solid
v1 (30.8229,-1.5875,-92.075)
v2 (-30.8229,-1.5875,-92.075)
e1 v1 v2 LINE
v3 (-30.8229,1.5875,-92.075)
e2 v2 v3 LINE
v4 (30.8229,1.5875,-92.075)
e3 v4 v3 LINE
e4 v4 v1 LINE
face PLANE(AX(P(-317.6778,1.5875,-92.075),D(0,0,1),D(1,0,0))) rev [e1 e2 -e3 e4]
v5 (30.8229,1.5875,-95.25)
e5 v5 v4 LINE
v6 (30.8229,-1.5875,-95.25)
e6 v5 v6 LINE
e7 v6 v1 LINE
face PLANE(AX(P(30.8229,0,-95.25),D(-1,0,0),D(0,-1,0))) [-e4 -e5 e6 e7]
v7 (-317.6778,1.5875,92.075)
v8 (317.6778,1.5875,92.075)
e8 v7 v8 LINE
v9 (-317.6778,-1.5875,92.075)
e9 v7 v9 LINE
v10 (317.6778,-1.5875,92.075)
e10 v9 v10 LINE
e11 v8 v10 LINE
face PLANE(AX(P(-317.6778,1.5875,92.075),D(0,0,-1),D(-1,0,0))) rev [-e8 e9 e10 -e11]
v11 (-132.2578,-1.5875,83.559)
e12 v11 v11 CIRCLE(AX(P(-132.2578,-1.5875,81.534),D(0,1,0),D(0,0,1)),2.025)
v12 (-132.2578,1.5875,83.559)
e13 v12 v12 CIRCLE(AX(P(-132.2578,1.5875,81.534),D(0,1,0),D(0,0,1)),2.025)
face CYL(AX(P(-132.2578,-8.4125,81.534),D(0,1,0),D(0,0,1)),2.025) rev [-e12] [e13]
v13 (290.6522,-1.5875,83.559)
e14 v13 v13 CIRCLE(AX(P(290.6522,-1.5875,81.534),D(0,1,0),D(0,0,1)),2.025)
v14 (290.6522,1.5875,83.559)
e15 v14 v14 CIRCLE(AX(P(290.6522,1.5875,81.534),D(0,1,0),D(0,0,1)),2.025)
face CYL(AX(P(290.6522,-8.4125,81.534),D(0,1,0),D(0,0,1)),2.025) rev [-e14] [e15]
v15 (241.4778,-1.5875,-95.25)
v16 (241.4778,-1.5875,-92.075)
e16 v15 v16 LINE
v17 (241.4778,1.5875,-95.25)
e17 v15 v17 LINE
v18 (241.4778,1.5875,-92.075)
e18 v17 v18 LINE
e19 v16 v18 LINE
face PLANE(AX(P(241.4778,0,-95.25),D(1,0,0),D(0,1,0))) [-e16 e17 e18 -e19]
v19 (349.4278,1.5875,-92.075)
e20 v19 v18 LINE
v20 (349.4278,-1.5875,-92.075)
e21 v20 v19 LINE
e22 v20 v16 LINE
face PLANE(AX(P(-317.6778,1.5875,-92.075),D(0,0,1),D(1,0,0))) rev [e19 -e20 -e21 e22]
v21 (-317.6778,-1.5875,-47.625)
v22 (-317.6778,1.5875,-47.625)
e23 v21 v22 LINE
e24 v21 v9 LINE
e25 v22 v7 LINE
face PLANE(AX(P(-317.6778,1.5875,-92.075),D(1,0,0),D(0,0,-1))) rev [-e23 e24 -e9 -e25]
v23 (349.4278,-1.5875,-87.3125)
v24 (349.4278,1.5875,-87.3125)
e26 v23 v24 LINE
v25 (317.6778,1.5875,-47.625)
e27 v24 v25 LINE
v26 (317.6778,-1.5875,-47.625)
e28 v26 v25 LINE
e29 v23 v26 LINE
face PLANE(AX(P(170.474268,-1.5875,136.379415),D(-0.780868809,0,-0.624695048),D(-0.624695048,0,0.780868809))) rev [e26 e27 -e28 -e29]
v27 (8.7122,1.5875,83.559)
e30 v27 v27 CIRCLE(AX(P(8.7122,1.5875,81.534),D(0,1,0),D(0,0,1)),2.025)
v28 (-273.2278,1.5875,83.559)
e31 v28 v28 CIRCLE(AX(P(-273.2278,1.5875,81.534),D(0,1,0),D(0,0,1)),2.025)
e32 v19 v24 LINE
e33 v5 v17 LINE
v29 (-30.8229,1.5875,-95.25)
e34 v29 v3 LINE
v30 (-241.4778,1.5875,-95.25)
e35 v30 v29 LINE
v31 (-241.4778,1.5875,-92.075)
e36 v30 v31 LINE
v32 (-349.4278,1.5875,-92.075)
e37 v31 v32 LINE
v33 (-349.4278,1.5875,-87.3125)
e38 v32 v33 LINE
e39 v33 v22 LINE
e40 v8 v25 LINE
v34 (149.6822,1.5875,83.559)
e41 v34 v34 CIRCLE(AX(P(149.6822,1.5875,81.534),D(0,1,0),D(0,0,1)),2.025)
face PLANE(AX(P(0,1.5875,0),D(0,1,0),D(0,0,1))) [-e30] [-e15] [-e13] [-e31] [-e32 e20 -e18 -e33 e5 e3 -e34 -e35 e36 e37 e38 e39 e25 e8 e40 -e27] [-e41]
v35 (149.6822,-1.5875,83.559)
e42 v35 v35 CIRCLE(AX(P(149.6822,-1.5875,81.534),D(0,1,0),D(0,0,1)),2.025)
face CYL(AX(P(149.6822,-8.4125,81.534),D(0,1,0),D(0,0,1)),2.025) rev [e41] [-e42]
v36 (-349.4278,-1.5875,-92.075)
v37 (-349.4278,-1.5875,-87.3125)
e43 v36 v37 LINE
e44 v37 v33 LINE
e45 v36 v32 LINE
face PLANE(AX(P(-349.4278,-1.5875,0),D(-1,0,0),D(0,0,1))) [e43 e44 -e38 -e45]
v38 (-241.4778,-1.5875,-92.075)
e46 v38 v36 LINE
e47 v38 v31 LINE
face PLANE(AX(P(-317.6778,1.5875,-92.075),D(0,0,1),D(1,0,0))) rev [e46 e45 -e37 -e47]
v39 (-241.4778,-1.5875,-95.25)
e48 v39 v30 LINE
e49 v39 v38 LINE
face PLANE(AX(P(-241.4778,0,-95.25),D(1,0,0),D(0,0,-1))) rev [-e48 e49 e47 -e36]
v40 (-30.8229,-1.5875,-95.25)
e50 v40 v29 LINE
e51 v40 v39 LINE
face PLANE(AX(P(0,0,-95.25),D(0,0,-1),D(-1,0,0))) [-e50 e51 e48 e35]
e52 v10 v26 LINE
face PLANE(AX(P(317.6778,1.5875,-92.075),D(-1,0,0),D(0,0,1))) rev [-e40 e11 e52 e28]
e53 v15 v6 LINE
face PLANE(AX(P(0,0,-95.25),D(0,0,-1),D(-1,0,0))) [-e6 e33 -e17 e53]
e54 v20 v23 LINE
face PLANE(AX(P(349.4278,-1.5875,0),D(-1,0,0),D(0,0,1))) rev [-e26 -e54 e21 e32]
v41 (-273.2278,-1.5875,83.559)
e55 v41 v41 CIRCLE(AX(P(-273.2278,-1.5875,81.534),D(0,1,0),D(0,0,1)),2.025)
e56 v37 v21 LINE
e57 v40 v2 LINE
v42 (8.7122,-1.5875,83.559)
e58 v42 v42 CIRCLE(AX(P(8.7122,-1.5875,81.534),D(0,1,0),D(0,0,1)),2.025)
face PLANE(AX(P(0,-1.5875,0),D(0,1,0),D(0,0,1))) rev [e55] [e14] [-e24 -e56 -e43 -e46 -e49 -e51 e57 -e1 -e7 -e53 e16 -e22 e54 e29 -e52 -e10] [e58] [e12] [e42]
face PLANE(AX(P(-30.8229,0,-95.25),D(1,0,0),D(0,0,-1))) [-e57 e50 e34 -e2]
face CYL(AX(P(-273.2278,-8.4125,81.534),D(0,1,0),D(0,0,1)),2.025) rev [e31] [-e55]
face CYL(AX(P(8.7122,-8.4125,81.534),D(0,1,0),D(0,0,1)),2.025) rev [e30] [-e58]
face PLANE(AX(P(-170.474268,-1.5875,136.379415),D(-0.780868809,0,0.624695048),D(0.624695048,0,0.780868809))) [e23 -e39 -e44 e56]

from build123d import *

# Parameters (mm, degrees)
SKETCH1_W           = 635.3556
SKETCH1_H           = 184.15
BOSS_EXTRUDE1_DEPTH = 1.5875
SKETCH2_W           = 210.6549
SKETCH2_H           = 3.175
BOSS_EXTRUDE2_DEPTH = 3.175
BOSS_EXTRUDE3_DEPTH = 3.175
CUT_EXTRUDE1_DEPTH  = 10
LPATTERN1_COUNT     = 5
LPATTERN1_PITCH     = 140.97


with BuildPart() as part:
    # Sketch1 → Boss-Extrude1 (new, symmetric)
    with BuildSketch(Plane(origin=(0, 0, 0), x_dir=(1, 0, 0), z_dir=(0, 1, 0))):
        Rectangle(SKETCH1_W, SKETCH1_H)
    extrude(amount=BOSS_EXTRUDE1_DEPTH, both=True)

    # Sketch2 → Boss-Extrude2 (add)
    with BuildSketch(Plane(origin=(0, 0, -92.075), x_dir=(-1, 0, 0), z_dir=(0, 0, -1))):
        with Locations((-136.15035, 0)):
            Rectangle(SKETCH2_W, SKETCH2_H)
        with Locations((136.15035, 0)):
            Rectangle(SKETCH2_W, SKETCH2_H)
    extrude(amount=BOSS_EXTRUDE2_DEPTH)

    # Sketch3 → Boss-Extrude3 (add)
    with BuildSketch(Plane(origin=(0, 1.5875, 0), x_dir=(1, 0, 0), z_dir=(0, 1, 0))):
        Polygon((-317.6778, 47.625), (-317.6778, 92.075), (-349.4278, 92.075), (-349.4278, 87.3125), align=None)
    boss_extrude3 = extrude(amount=-BOSS_EXTRUDE3_DEPTH)

    # Mirror1: Boss-Extrude3 across plane
    add(boss_extrude3.mirror(Plane(origin=(0, 0, 0), x_dir=(0, 0, 1), z_dir=(1, 0, 0))))

    # Sketch4 → Cut-Extrude1 (cut)
    with BuildSketch(Plane(origin=(0, 1.5875, 0), x_dir=(1, 0, 0), z_dir=(0, 1, 0))):
        with BuildLine():
            ThreePointArc((-275.2528, -81.534), (-274.659691232, -82.965891232), (-273.2278, -83.559))
            Line((-273.2278, -83.559), (-273.2278, -81.534))
            Line((-273.2278, -81.534), (-275.2528, -81.534))
        make_face()
        with BuildLine():
            Line((-273.2278, -81.534), (-273.2278, -83.559))
            ThreePointArc((-273.2278, -83.559), (-271.795908768, -82.965891232), (-271.2028, -81.534))
            ThreePointArc((-271.2028, -81.534), (-273.2278, -79.509), (-275.2528, -81.534))
            Line((-275.2528, -81.534), (-273.2278, -81.534))
        make_face()
    cut_extrude1 = extrude(amount=-CUT_EXTRUDE1_DEPTH, mode=Mode.SUBTRACT)

    # LPattern1: Cut-Extrude1 ×5
    with Locations(*[(i * LPATTERN1_PITCH, 0, 0) for i in range(1, LPATTERN1_COUNT)]):
        add(cut_extrude1, mode=Mode.SUBTRACT)


solid = part.part
